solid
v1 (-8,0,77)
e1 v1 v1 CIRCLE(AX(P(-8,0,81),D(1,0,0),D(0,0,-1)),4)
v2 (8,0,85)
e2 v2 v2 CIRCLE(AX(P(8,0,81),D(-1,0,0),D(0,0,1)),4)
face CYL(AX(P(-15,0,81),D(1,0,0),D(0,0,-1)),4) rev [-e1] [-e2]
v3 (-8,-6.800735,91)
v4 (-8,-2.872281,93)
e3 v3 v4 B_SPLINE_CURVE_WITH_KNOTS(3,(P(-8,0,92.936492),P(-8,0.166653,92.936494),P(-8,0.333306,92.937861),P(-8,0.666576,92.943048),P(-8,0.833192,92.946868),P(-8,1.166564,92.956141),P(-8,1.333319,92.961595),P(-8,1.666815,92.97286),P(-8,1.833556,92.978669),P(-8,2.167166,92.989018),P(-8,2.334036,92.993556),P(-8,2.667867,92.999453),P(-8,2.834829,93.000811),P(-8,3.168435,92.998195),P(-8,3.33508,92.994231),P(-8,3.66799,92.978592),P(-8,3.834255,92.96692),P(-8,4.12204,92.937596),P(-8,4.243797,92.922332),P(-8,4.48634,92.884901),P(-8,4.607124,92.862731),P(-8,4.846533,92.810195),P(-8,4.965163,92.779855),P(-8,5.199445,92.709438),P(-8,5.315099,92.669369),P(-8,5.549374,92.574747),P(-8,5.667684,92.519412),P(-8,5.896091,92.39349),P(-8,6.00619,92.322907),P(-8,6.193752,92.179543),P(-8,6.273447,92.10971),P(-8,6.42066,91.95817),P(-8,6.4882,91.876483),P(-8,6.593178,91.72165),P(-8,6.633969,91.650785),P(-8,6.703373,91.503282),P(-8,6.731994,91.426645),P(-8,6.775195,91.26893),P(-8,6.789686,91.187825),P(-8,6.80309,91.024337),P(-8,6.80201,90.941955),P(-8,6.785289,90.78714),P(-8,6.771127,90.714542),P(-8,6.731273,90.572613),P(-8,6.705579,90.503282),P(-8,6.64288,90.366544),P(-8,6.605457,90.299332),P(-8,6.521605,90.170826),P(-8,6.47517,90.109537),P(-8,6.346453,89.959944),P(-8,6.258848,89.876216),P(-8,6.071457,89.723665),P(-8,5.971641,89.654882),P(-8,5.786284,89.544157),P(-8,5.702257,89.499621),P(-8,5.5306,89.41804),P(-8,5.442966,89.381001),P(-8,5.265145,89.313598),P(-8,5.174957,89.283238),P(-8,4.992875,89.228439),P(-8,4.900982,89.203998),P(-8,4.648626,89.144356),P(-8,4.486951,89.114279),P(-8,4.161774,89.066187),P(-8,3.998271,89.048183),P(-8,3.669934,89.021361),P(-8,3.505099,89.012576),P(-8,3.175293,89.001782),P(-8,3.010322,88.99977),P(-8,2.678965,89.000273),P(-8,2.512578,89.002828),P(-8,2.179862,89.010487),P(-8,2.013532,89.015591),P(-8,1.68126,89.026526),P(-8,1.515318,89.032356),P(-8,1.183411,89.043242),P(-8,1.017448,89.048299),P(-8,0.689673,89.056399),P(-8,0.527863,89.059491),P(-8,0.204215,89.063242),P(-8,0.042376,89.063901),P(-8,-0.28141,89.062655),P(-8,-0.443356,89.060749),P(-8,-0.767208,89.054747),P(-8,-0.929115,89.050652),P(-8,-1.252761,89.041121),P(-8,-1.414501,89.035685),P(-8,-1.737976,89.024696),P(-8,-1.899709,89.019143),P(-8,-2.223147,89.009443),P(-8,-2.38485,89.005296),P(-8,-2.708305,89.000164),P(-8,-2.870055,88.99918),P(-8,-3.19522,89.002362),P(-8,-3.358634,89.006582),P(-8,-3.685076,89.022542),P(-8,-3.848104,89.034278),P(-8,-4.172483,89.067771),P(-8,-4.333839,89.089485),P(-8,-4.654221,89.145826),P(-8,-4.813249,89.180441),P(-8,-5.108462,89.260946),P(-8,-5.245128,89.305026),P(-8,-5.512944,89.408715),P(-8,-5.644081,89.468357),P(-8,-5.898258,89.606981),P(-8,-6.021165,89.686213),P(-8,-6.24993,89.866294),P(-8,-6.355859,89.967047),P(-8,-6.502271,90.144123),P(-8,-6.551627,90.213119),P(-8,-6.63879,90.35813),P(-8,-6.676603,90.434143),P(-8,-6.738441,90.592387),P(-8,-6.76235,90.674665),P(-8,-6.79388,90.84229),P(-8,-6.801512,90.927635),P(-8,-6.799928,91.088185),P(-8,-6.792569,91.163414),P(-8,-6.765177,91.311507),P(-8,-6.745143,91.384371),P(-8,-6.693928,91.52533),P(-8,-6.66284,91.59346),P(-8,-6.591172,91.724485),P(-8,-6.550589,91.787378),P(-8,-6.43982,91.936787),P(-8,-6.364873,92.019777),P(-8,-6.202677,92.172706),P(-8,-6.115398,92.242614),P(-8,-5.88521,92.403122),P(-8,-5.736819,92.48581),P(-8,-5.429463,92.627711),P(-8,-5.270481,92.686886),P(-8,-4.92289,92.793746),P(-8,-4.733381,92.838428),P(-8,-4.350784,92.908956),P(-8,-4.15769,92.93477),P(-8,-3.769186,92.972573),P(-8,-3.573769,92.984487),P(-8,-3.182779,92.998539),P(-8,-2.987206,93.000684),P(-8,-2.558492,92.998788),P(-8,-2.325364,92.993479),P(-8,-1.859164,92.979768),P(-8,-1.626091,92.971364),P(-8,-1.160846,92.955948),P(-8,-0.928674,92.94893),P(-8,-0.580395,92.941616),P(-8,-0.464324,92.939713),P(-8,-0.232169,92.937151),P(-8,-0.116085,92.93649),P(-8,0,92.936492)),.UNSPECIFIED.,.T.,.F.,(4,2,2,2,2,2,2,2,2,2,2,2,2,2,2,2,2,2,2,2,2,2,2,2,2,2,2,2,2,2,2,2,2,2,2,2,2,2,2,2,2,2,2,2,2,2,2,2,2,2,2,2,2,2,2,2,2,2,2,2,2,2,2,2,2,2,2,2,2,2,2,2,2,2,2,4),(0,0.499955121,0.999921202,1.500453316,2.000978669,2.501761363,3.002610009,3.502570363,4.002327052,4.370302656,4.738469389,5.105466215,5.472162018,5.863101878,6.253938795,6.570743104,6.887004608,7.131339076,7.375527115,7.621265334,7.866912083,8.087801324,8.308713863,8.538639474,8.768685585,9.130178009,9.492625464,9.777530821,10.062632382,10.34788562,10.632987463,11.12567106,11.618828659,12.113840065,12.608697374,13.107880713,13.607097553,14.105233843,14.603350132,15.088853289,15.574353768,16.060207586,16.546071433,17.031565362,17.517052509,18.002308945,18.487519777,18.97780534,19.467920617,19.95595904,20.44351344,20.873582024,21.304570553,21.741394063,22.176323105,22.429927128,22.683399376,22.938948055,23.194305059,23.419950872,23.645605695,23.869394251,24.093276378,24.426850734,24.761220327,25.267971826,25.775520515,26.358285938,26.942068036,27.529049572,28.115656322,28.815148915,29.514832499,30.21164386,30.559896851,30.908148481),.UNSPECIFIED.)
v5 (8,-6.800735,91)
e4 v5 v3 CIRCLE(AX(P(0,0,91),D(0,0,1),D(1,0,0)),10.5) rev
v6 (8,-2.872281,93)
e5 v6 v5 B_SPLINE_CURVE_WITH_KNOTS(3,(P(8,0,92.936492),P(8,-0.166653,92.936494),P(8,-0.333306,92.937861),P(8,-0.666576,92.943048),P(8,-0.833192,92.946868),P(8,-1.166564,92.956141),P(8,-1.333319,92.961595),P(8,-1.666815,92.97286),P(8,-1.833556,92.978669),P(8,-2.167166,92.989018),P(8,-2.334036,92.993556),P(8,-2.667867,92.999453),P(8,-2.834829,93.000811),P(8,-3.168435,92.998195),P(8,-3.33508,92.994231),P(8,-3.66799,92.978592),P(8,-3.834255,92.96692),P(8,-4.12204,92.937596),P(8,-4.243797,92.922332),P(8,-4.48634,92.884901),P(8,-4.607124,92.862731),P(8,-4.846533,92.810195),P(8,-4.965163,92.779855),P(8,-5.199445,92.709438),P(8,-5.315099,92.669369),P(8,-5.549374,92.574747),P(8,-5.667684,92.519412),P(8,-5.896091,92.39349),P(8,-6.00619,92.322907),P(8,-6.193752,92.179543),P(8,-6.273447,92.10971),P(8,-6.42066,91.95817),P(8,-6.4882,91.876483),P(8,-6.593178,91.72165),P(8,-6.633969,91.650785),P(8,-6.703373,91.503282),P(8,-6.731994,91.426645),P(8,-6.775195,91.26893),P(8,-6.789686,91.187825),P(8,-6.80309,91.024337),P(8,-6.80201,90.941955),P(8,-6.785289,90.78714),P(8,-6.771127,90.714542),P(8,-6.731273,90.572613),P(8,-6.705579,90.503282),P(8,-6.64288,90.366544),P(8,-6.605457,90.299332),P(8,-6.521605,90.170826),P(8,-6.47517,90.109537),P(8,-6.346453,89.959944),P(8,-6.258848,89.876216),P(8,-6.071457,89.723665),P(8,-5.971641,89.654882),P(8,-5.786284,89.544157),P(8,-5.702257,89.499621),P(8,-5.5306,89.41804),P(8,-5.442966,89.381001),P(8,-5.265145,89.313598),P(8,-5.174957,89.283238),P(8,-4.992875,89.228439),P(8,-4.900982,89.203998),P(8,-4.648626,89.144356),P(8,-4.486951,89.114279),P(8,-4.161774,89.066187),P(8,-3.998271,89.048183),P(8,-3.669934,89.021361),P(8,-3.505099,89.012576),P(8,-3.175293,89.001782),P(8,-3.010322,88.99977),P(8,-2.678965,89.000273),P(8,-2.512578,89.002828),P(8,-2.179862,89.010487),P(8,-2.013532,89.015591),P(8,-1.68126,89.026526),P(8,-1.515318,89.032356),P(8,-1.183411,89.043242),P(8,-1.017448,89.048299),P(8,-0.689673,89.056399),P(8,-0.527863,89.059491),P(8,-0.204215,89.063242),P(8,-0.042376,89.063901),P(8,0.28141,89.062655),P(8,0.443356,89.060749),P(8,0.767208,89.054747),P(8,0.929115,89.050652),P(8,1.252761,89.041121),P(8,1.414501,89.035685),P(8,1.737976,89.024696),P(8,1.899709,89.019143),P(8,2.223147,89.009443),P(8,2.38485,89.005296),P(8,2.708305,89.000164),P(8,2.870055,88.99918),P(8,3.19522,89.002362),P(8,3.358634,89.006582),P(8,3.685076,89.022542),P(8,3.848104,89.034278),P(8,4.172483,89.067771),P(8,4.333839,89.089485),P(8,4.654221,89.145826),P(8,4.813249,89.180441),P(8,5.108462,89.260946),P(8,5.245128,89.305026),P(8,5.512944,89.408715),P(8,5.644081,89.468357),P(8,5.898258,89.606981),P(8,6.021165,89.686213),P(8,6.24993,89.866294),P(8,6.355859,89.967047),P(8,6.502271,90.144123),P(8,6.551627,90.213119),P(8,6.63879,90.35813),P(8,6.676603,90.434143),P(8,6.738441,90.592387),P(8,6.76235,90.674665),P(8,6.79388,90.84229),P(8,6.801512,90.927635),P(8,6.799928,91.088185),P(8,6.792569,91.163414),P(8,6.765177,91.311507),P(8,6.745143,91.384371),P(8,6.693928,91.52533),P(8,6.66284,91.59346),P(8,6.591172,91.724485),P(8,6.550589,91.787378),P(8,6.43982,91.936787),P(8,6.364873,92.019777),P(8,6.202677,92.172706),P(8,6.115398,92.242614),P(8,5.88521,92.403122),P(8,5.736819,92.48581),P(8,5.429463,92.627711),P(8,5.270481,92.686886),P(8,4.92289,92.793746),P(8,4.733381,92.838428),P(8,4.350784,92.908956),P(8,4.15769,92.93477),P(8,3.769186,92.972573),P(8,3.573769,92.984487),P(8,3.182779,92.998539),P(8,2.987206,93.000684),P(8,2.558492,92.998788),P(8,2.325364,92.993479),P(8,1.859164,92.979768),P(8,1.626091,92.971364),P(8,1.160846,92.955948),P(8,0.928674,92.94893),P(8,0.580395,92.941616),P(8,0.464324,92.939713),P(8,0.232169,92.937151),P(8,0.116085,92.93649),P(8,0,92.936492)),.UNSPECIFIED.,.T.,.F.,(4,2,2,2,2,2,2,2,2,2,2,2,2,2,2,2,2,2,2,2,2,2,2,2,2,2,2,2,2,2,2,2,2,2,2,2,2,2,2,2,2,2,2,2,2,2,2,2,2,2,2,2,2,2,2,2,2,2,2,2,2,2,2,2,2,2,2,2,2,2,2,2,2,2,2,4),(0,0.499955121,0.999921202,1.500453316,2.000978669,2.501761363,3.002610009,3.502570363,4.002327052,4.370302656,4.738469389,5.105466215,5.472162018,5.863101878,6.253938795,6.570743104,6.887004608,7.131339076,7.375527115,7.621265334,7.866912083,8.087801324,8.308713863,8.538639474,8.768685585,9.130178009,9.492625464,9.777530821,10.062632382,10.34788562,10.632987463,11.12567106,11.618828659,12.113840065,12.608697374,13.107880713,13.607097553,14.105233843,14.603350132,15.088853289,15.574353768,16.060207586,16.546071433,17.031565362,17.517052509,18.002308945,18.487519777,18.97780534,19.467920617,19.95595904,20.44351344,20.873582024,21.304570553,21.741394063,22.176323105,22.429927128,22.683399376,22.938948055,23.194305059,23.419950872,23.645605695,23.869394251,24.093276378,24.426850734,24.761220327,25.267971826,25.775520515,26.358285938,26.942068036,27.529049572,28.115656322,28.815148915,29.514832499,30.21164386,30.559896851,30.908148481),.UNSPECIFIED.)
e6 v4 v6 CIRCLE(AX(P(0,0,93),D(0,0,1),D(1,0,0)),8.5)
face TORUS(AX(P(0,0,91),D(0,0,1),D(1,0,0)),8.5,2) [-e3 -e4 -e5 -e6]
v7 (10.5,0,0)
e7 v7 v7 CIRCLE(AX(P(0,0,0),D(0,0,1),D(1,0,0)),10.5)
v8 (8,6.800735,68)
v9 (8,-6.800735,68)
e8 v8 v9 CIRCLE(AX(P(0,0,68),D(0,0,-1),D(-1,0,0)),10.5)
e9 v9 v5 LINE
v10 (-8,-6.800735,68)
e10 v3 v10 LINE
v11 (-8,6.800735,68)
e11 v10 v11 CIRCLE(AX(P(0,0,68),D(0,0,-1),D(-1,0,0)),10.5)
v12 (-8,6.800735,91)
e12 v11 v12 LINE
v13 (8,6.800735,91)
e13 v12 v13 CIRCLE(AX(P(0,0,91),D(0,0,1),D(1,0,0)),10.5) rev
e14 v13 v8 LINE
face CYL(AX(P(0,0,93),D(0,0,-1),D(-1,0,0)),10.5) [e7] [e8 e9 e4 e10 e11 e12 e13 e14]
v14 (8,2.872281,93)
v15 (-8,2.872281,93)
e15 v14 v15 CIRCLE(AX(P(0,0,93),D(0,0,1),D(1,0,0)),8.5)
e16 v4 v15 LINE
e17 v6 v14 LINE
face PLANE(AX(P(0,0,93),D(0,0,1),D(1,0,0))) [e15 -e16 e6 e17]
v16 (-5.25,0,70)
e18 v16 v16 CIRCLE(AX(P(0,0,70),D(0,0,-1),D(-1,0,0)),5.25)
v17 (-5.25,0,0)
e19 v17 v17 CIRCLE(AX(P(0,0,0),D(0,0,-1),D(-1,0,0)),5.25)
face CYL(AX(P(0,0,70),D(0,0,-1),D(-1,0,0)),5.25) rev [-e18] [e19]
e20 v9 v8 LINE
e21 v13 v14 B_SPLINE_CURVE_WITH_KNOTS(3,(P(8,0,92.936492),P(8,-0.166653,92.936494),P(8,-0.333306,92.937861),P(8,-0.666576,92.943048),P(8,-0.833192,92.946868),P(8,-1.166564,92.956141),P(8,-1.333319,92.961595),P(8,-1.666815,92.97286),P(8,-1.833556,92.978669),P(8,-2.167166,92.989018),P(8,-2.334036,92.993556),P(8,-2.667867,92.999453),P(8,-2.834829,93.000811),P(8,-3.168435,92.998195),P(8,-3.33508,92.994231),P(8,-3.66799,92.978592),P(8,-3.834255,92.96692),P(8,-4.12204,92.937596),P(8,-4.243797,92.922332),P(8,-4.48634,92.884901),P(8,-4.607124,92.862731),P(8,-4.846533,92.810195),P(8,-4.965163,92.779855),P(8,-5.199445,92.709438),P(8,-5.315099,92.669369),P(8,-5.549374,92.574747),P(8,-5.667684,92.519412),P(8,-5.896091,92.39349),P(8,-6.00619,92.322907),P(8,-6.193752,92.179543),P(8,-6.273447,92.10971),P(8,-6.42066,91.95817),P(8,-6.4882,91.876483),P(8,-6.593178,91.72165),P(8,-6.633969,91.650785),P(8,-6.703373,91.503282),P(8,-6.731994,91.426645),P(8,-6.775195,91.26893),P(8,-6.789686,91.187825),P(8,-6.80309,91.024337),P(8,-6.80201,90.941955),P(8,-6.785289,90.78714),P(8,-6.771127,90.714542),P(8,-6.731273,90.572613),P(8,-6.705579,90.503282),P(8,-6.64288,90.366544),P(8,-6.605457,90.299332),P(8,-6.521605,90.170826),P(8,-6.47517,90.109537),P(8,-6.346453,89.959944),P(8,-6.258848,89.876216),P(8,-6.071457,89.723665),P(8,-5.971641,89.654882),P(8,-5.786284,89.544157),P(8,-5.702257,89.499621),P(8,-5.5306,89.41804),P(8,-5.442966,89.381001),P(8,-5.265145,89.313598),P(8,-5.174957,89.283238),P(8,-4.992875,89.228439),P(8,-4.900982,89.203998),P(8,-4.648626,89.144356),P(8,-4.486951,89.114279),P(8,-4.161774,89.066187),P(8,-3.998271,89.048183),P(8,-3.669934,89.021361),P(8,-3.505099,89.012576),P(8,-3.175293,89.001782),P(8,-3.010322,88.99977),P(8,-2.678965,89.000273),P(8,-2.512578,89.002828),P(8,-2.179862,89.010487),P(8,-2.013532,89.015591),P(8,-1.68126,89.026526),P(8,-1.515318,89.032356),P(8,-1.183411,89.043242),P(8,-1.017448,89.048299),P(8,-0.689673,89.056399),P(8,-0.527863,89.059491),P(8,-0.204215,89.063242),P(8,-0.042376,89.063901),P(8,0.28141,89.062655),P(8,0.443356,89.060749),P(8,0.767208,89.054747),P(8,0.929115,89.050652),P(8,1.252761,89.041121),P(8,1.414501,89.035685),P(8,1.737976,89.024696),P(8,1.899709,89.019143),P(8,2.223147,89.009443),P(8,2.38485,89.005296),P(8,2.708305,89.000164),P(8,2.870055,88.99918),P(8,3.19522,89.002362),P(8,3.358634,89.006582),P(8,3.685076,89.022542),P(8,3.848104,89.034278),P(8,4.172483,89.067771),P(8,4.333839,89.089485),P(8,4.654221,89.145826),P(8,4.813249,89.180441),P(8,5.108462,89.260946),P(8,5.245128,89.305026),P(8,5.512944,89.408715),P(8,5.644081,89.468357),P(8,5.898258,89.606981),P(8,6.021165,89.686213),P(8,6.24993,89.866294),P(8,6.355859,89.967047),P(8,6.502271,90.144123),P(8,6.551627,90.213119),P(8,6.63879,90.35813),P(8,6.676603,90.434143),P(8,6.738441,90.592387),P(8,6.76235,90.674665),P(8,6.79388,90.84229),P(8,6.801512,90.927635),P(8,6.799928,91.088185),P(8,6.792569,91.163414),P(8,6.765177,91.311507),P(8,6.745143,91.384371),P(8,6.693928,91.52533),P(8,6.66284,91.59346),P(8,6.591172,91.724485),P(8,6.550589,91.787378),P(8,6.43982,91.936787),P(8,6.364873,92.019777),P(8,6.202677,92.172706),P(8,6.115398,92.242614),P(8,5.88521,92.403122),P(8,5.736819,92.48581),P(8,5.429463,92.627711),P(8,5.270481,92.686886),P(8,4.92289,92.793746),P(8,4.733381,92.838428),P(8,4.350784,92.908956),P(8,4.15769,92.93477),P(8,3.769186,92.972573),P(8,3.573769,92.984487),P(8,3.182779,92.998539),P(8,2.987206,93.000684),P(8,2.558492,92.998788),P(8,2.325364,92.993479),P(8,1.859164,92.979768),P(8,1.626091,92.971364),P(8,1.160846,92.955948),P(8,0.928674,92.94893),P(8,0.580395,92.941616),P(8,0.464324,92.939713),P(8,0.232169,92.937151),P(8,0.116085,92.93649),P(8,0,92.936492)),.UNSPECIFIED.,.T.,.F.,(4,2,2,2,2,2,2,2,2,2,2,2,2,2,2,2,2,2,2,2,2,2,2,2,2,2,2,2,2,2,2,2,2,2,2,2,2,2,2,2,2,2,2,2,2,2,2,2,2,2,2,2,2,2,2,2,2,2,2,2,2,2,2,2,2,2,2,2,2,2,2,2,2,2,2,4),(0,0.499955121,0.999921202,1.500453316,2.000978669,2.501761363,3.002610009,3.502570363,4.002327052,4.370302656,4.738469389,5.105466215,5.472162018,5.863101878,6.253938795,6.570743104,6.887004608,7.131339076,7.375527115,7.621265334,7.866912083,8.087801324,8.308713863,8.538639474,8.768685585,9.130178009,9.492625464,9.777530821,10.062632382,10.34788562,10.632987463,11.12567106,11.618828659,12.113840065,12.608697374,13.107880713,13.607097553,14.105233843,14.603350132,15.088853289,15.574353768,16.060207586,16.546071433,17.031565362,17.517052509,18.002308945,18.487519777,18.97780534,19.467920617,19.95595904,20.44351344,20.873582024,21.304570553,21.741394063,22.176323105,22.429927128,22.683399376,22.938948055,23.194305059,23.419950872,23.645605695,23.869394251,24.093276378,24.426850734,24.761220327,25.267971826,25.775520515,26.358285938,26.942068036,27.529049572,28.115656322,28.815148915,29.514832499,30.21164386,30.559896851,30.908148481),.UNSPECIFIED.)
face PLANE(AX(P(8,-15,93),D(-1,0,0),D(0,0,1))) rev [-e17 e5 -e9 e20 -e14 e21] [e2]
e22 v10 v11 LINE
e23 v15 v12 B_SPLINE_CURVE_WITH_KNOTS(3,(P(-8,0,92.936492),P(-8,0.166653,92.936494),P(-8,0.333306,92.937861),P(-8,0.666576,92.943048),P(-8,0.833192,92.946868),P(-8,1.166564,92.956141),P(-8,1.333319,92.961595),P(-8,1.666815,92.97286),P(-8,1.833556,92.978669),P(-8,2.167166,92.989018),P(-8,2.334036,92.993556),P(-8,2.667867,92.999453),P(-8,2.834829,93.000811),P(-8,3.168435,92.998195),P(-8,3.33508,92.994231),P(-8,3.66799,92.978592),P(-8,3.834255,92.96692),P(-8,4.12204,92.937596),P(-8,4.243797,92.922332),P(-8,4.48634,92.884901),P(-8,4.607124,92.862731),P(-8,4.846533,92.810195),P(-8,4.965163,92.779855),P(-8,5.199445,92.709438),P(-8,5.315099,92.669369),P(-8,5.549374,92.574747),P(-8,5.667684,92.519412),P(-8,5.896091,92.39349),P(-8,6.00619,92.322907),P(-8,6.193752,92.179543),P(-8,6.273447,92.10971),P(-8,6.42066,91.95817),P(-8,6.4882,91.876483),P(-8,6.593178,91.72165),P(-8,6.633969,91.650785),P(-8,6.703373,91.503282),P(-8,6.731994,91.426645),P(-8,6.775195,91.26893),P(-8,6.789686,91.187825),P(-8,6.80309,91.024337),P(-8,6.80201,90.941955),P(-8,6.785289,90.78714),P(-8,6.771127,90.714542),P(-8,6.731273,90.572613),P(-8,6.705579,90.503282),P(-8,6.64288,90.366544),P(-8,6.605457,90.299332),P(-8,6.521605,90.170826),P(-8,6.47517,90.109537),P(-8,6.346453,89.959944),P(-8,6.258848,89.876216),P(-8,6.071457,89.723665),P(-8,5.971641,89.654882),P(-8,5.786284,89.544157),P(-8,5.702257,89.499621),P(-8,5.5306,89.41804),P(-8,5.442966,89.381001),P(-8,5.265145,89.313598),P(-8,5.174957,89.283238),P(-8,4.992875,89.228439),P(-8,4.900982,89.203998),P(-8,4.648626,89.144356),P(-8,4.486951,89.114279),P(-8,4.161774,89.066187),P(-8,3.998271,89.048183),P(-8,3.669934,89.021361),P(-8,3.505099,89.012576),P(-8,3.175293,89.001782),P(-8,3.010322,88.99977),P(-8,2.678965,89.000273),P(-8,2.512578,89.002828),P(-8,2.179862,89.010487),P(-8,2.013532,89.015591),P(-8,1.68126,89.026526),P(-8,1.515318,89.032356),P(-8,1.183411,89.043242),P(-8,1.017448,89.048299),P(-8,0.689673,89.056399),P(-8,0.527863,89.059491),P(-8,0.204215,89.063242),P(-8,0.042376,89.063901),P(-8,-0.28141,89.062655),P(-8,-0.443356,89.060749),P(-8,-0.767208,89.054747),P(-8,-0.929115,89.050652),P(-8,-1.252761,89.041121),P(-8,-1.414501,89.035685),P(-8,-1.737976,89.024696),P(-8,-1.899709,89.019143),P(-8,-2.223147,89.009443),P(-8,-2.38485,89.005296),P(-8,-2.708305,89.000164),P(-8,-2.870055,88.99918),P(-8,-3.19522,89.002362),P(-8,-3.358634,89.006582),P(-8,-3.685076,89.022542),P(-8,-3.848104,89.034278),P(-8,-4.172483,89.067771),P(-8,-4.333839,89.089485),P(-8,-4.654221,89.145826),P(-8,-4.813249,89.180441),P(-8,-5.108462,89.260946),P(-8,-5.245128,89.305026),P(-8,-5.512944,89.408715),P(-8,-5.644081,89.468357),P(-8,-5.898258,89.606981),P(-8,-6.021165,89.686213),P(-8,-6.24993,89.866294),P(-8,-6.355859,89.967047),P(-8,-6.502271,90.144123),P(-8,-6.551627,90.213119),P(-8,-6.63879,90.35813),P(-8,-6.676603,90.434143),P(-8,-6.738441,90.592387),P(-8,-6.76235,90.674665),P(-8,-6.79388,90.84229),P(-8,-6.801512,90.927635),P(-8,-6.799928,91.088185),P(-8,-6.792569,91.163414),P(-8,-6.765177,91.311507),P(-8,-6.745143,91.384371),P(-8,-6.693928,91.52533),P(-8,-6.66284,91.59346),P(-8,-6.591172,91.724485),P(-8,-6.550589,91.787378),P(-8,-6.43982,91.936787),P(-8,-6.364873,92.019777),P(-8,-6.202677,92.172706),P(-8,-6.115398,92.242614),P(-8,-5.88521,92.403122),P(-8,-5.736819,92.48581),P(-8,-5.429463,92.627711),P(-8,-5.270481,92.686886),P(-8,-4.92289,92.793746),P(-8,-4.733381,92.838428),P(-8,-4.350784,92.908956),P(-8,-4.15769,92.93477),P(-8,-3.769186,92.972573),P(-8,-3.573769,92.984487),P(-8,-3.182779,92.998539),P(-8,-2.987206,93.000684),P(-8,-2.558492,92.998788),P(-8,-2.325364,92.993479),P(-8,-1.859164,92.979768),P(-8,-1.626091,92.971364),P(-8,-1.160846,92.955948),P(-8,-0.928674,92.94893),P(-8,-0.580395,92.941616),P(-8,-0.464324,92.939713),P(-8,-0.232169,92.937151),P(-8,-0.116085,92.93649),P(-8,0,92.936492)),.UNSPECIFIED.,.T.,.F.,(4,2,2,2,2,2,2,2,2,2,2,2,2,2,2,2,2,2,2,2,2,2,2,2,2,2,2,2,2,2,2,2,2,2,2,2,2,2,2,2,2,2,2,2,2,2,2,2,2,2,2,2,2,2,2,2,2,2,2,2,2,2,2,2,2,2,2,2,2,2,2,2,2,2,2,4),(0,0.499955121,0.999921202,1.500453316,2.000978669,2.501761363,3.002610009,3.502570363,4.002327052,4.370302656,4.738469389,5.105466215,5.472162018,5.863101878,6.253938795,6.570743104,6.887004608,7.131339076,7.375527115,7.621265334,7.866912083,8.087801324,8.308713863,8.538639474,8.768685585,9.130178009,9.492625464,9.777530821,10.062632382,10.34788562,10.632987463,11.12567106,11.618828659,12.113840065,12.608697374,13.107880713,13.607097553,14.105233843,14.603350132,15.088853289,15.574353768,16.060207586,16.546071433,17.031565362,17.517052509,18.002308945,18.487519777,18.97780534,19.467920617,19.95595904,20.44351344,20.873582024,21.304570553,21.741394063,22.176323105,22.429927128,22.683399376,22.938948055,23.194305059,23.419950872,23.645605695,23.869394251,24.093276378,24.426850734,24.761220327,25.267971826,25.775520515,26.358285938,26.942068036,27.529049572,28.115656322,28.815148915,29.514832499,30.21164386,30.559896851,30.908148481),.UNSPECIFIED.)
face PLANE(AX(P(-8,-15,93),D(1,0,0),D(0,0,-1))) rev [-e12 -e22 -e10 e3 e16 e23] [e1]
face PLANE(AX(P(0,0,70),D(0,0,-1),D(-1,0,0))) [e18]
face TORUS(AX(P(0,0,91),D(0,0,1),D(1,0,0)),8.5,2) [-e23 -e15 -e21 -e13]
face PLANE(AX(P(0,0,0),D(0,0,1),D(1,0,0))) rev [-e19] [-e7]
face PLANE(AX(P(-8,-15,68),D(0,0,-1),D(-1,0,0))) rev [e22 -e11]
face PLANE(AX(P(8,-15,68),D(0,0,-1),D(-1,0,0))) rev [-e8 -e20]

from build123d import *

# Parameters (mm, degrees)
SKETCH_1_R          = 10.5
EXTRUDE_1_DEPTH     = 93
SKETCH_2_R          = 5.25
CUT_EXTRUDE_2_DEPTH = 70
FILLET_1_R          = 2
SKETCH_3_W          = 11
SKETCH_3_H          = 25
CUT_EXTRUDE_3_DEPTH = 15
SKETCH_4_R          = 4
CUT_EXTRUDE_4_DEPTH = 15


with BuildPart() as part:
    # Эскиз1 → Вытянуть1 (new body)
    with BuildSketch(Plane.XY):
        with Locations(Location((0, 0, 0), (0, 0, 180))):
            Circle(SKETCH_1_R)
    extrude(amount=EXTRUDE_1_DEPTH)

    # Эскиз2 → Вытянуть2 (cut)
    with BuildSketch(Plane(origin=(0, 0, 0), x_dir=(-1, 0, 0), z_dir=(0, 0, -1))):
        Circle(SKETCH_2_R)
    extrude(amount=-CUT_EXTRUDE_2_DEPTH, mode=Mode.SUBTRACT)

    # Скругление1
    fillet_1_edges = [part.edges().sort_by_distance(p)[0] for p in [
        (10.5, 0, 93),
    ]]
    fillet(fillet_1_edges, radius=FILLET_1_R)

    # Эскиз3 → Вытянуть3 (cut, symmetric)
    with BuildSketch(Plane(origin=(0, 0, 0), x_dir=(1, 0, 0), z_dir=(0, 1, 0))):
        with Locations((-13.5, -80.5)):
            Rectangle(SKETCH_3_W, SKETCH_3_H)
        with Locations((13.5, -80.5)):
            Rectangle(SKETCH_3_W, SKETCH_3_H)
    extrude(amount=CUT_EXTRUDE_3_DEPTH, both=True, mode=Mode.SUBTRACT)

    # Эскиз4 → Вытянуть4 (cut, symmetric)
    with BuildSketch(Plane(origin=(0, 0, 0), x_dir=(0, 0, -1), z_dir=(1, 0, 0))):
        with Locations((-81, 0)):
            Circle(SKETCH_4_R)
    extrude(amount=CUT_EXTRUDE_4_DEPTH, both=True, mode=Mode.SUBTRACT)


solid = part.part
